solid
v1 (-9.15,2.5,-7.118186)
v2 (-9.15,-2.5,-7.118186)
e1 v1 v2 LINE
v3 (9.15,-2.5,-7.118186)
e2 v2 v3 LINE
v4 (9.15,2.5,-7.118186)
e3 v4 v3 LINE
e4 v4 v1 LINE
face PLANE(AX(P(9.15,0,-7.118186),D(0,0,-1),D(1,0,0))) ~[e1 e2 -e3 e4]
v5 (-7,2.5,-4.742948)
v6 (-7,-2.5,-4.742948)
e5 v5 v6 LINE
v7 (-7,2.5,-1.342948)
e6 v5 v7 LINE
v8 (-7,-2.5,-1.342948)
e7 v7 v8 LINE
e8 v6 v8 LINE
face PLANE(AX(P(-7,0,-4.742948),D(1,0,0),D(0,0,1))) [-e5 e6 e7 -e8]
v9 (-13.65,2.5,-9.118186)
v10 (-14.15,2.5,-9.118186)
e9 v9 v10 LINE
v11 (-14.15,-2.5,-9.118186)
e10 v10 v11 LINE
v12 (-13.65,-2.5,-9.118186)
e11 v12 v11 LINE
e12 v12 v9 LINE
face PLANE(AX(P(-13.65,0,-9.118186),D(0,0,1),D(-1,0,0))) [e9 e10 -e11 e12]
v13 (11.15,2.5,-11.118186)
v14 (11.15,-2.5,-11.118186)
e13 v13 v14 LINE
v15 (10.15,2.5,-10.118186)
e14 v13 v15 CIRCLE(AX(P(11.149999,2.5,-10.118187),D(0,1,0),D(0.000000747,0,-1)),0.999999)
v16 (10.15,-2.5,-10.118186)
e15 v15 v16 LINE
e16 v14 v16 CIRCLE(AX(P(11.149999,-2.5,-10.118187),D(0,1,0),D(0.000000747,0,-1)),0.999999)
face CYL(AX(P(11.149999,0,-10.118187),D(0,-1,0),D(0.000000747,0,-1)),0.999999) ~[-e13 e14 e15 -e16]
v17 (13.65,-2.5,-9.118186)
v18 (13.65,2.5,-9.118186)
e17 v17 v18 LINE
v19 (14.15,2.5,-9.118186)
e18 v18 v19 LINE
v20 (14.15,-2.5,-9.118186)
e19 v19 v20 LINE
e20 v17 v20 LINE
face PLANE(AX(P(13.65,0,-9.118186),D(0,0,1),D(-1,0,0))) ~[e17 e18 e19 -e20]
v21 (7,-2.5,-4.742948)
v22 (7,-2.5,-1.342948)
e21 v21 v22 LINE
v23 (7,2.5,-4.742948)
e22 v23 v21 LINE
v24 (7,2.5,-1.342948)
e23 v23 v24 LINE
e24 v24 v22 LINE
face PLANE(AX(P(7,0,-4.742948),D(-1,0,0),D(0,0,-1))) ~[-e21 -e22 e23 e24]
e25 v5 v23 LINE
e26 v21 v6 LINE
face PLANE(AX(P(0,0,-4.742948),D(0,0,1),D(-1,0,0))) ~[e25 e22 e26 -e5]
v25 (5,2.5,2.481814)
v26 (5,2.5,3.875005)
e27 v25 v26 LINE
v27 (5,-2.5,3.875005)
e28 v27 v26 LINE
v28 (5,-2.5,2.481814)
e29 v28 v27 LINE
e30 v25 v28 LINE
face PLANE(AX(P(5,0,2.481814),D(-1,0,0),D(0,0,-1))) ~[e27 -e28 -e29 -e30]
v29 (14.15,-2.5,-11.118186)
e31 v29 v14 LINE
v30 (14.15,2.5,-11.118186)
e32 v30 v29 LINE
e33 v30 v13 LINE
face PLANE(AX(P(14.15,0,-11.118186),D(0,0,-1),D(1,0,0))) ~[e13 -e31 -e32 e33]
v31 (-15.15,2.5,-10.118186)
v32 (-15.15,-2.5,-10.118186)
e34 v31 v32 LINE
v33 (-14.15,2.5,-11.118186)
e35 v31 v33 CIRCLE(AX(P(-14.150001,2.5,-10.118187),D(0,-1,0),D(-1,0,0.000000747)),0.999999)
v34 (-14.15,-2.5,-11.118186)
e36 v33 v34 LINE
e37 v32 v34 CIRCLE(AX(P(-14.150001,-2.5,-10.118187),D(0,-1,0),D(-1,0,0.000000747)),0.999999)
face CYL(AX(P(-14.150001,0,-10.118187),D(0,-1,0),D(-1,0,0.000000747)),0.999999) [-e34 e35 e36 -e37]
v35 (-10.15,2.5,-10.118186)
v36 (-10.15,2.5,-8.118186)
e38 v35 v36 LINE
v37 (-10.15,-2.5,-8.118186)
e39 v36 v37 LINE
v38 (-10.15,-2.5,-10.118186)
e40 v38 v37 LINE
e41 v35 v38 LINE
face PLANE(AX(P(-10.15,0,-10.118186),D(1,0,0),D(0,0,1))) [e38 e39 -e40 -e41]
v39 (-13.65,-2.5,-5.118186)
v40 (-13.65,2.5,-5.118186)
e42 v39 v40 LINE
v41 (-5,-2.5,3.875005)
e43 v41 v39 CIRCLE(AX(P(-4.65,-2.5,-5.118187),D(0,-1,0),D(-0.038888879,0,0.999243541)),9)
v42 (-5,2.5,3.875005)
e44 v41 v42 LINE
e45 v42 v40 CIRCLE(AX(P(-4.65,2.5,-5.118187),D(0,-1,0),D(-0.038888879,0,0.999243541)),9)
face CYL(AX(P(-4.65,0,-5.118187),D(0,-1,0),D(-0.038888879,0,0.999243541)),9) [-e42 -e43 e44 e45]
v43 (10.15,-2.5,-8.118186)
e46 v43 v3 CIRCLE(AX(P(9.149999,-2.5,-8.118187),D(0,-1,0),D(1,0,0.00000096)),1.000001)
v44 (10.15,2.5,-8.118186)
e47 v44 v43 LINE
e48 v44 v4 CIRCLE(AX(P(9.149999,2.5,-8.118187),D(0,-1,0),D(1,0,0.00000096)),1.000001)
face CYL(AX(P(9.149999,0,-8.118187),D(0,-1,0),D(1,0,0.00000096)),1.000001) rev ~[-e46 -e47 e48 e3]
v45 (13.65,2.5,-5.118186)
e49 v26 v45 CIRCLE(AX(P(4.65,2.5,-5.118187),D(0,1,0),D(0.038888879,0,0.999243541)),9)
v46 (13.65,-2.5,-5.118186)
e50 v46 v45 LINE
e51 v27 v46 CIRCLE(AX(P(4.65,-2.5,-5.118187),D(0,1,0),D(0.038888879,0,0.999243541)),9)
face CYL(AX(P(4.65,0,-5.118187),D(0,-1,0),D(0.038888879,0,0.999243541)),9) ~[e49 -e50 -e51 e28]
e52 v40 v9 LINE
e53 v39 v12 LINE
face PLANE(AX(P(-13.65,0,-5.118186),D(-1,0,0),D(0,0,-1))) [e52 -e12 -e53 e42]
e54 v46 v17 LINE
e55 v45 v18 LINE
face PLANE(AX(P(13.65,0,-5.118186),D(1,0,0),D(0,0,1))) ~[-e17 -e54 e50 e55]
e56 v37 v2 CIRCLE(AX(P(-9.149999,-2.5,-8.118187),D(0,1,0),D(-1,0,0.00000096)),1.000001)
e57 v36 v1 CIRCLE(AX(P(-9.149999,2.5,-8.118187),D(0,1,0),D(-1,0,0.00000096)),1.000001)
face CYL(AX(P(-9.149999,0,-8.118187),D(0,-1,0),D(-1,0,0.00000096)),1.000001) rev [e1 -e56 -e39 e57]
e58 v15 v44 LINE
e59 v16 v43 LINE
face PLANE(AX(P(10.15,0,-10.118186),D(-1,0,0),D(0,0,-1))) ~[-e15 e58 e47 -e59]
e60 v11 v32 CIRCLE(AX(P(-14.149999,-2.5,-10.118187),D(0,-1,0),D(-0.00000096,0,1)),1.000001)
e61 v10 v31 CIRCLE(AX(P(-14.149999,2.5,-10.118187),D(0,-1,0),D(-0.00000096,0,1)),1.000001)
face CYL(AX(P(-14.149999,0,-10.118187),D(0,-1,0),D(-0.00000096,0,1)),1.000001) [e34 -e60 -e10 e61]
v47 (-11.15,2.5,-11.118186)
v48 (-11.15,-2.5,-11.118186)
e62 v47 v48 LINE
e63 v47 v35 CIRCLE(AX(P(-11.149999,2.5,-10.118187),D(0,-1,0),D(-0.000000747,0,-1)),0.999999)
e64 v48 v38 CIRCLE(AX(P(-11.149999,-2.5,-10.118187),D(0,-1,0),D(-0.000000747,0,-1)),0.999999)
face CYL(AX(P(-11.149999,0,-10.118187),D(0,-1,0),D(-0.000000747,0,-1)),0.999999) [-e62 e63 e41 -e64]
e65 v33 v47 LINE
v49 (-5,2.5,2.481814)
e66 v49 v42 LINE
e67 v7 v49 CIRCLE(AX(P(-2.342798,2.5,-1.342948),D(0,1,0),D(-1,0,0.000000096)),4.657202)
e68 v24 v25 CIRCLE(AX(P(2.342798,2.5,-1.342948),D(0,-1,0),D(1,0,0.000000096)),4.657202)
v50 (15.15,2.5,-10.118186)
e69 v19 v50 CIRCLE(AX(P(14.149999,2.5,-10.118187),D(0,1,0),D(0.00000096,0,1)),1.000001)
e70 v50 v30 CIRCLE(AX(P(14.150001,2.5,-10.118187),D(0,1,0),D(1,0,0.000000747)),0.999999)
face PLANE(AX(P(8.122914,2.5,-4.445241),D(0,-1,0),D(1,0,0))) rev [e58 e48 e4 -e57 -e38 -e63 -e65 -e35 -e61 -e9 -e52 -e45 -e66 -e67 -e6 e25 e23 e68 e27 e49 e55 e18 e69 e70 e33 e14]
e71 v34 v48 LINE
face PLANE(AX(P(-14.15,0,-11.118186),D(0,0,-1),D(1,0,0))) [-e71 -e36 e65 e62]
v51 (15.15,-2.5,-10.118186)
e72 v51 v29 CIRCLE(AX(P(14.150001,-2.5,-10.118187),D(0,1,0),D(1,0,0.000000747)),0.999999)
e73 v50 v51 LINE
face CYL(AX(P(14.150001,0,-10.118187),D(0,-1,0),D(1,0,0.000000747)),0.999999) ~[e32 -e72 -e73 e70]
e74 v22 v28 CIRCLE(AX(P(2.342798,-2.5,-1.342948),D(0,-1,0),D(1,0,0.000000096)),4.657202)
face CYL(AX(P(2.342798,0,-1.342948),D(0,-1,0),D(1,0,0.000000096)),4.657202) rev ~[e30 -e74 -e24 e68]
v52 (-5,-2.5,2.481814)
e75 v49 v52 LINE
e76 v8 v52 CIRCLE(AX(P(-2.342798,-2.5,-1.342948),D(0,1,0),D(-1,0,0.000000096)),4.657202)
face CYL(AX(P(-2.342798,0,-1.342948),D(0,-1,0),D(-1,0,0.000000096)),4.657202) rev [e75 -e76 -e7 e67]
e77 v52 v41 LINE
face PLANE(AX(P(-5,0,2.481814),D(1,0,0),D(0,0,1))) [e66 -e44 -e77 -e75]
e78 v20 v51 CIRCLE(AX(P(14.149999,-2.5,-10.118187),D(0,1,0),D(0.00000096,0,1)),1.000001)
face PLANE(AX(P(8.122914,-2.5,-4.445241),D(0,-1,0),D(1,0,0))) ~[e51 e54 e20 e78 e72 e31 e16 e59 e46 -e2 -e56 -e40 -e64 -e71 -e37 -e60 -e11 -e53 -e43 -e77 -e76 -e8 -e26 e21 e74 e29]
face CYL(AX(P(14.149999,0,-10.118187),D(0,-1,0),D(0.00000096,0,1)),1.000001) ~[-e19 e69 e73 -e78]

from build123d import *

# Parameters (mm, degrees)
F2_DEPTH = 2.5


with BuildPart() as f2:
    # F1 (on Front) → F2 (new body, symmetric)
    with BuildSketch(Plane.XZ):
        with BuildLine():
            Line((-13.65, -9.118186), (-14.15, -9.118186))
            ThreePointArc((-14.15, -9.118186), (-14.857107, -9.41108), (-15.15, -10.118186))
            ThreePointArc((-15.15, -10.118186), (-14.857107, -10.825293), (-14.15, -11.118186))
            Line((-14.15, -11.118186), (-11.15, -11.118186))
            ThreePointArc((-11.15, -11.118186), (-10.442893, -10.825293), (-10.15, -10.118186))
            Line((-10.15, -10.118186), (-10.15, -8.118186))
            ThreePointArc((-10.15, -8.118186), (-9.857107, -7.41108), (-9.15, -7.118186))
            Line((-9.15, -7.118186), (0, -7.118186))
            Line((0, -7.118186), (0, -4.742948))
            Line((0, -4.742948), (-7, -4.742948))
            Line((-7, -4.742948), (-7, -1.342948))
            ThreePointArc((-7, -1.342948), (-6.469822, 0.815107), (-5, 2.481814))
            Line((-5, 2.481814), (-5, 3.875005))
            ThreePointArc((-5, 3.875005), (-11.136524, 1.120804), (-13.65, -5.118186))
            Line((-13.65, -5.118186), (-13.65, -9.118186))
        make_face()
    extrude(amount=F2_DEPTH, both=True)

    # F3: F2 across face


with BuildPart() as f2_1:
    add(f2.part)
    add(f2.part.mirror(Plane(origin=(0, 0, -5.930567), x_dir=(0, 1, 0), z_dir=(1, 0, 0))))


solid = f2_1.part
